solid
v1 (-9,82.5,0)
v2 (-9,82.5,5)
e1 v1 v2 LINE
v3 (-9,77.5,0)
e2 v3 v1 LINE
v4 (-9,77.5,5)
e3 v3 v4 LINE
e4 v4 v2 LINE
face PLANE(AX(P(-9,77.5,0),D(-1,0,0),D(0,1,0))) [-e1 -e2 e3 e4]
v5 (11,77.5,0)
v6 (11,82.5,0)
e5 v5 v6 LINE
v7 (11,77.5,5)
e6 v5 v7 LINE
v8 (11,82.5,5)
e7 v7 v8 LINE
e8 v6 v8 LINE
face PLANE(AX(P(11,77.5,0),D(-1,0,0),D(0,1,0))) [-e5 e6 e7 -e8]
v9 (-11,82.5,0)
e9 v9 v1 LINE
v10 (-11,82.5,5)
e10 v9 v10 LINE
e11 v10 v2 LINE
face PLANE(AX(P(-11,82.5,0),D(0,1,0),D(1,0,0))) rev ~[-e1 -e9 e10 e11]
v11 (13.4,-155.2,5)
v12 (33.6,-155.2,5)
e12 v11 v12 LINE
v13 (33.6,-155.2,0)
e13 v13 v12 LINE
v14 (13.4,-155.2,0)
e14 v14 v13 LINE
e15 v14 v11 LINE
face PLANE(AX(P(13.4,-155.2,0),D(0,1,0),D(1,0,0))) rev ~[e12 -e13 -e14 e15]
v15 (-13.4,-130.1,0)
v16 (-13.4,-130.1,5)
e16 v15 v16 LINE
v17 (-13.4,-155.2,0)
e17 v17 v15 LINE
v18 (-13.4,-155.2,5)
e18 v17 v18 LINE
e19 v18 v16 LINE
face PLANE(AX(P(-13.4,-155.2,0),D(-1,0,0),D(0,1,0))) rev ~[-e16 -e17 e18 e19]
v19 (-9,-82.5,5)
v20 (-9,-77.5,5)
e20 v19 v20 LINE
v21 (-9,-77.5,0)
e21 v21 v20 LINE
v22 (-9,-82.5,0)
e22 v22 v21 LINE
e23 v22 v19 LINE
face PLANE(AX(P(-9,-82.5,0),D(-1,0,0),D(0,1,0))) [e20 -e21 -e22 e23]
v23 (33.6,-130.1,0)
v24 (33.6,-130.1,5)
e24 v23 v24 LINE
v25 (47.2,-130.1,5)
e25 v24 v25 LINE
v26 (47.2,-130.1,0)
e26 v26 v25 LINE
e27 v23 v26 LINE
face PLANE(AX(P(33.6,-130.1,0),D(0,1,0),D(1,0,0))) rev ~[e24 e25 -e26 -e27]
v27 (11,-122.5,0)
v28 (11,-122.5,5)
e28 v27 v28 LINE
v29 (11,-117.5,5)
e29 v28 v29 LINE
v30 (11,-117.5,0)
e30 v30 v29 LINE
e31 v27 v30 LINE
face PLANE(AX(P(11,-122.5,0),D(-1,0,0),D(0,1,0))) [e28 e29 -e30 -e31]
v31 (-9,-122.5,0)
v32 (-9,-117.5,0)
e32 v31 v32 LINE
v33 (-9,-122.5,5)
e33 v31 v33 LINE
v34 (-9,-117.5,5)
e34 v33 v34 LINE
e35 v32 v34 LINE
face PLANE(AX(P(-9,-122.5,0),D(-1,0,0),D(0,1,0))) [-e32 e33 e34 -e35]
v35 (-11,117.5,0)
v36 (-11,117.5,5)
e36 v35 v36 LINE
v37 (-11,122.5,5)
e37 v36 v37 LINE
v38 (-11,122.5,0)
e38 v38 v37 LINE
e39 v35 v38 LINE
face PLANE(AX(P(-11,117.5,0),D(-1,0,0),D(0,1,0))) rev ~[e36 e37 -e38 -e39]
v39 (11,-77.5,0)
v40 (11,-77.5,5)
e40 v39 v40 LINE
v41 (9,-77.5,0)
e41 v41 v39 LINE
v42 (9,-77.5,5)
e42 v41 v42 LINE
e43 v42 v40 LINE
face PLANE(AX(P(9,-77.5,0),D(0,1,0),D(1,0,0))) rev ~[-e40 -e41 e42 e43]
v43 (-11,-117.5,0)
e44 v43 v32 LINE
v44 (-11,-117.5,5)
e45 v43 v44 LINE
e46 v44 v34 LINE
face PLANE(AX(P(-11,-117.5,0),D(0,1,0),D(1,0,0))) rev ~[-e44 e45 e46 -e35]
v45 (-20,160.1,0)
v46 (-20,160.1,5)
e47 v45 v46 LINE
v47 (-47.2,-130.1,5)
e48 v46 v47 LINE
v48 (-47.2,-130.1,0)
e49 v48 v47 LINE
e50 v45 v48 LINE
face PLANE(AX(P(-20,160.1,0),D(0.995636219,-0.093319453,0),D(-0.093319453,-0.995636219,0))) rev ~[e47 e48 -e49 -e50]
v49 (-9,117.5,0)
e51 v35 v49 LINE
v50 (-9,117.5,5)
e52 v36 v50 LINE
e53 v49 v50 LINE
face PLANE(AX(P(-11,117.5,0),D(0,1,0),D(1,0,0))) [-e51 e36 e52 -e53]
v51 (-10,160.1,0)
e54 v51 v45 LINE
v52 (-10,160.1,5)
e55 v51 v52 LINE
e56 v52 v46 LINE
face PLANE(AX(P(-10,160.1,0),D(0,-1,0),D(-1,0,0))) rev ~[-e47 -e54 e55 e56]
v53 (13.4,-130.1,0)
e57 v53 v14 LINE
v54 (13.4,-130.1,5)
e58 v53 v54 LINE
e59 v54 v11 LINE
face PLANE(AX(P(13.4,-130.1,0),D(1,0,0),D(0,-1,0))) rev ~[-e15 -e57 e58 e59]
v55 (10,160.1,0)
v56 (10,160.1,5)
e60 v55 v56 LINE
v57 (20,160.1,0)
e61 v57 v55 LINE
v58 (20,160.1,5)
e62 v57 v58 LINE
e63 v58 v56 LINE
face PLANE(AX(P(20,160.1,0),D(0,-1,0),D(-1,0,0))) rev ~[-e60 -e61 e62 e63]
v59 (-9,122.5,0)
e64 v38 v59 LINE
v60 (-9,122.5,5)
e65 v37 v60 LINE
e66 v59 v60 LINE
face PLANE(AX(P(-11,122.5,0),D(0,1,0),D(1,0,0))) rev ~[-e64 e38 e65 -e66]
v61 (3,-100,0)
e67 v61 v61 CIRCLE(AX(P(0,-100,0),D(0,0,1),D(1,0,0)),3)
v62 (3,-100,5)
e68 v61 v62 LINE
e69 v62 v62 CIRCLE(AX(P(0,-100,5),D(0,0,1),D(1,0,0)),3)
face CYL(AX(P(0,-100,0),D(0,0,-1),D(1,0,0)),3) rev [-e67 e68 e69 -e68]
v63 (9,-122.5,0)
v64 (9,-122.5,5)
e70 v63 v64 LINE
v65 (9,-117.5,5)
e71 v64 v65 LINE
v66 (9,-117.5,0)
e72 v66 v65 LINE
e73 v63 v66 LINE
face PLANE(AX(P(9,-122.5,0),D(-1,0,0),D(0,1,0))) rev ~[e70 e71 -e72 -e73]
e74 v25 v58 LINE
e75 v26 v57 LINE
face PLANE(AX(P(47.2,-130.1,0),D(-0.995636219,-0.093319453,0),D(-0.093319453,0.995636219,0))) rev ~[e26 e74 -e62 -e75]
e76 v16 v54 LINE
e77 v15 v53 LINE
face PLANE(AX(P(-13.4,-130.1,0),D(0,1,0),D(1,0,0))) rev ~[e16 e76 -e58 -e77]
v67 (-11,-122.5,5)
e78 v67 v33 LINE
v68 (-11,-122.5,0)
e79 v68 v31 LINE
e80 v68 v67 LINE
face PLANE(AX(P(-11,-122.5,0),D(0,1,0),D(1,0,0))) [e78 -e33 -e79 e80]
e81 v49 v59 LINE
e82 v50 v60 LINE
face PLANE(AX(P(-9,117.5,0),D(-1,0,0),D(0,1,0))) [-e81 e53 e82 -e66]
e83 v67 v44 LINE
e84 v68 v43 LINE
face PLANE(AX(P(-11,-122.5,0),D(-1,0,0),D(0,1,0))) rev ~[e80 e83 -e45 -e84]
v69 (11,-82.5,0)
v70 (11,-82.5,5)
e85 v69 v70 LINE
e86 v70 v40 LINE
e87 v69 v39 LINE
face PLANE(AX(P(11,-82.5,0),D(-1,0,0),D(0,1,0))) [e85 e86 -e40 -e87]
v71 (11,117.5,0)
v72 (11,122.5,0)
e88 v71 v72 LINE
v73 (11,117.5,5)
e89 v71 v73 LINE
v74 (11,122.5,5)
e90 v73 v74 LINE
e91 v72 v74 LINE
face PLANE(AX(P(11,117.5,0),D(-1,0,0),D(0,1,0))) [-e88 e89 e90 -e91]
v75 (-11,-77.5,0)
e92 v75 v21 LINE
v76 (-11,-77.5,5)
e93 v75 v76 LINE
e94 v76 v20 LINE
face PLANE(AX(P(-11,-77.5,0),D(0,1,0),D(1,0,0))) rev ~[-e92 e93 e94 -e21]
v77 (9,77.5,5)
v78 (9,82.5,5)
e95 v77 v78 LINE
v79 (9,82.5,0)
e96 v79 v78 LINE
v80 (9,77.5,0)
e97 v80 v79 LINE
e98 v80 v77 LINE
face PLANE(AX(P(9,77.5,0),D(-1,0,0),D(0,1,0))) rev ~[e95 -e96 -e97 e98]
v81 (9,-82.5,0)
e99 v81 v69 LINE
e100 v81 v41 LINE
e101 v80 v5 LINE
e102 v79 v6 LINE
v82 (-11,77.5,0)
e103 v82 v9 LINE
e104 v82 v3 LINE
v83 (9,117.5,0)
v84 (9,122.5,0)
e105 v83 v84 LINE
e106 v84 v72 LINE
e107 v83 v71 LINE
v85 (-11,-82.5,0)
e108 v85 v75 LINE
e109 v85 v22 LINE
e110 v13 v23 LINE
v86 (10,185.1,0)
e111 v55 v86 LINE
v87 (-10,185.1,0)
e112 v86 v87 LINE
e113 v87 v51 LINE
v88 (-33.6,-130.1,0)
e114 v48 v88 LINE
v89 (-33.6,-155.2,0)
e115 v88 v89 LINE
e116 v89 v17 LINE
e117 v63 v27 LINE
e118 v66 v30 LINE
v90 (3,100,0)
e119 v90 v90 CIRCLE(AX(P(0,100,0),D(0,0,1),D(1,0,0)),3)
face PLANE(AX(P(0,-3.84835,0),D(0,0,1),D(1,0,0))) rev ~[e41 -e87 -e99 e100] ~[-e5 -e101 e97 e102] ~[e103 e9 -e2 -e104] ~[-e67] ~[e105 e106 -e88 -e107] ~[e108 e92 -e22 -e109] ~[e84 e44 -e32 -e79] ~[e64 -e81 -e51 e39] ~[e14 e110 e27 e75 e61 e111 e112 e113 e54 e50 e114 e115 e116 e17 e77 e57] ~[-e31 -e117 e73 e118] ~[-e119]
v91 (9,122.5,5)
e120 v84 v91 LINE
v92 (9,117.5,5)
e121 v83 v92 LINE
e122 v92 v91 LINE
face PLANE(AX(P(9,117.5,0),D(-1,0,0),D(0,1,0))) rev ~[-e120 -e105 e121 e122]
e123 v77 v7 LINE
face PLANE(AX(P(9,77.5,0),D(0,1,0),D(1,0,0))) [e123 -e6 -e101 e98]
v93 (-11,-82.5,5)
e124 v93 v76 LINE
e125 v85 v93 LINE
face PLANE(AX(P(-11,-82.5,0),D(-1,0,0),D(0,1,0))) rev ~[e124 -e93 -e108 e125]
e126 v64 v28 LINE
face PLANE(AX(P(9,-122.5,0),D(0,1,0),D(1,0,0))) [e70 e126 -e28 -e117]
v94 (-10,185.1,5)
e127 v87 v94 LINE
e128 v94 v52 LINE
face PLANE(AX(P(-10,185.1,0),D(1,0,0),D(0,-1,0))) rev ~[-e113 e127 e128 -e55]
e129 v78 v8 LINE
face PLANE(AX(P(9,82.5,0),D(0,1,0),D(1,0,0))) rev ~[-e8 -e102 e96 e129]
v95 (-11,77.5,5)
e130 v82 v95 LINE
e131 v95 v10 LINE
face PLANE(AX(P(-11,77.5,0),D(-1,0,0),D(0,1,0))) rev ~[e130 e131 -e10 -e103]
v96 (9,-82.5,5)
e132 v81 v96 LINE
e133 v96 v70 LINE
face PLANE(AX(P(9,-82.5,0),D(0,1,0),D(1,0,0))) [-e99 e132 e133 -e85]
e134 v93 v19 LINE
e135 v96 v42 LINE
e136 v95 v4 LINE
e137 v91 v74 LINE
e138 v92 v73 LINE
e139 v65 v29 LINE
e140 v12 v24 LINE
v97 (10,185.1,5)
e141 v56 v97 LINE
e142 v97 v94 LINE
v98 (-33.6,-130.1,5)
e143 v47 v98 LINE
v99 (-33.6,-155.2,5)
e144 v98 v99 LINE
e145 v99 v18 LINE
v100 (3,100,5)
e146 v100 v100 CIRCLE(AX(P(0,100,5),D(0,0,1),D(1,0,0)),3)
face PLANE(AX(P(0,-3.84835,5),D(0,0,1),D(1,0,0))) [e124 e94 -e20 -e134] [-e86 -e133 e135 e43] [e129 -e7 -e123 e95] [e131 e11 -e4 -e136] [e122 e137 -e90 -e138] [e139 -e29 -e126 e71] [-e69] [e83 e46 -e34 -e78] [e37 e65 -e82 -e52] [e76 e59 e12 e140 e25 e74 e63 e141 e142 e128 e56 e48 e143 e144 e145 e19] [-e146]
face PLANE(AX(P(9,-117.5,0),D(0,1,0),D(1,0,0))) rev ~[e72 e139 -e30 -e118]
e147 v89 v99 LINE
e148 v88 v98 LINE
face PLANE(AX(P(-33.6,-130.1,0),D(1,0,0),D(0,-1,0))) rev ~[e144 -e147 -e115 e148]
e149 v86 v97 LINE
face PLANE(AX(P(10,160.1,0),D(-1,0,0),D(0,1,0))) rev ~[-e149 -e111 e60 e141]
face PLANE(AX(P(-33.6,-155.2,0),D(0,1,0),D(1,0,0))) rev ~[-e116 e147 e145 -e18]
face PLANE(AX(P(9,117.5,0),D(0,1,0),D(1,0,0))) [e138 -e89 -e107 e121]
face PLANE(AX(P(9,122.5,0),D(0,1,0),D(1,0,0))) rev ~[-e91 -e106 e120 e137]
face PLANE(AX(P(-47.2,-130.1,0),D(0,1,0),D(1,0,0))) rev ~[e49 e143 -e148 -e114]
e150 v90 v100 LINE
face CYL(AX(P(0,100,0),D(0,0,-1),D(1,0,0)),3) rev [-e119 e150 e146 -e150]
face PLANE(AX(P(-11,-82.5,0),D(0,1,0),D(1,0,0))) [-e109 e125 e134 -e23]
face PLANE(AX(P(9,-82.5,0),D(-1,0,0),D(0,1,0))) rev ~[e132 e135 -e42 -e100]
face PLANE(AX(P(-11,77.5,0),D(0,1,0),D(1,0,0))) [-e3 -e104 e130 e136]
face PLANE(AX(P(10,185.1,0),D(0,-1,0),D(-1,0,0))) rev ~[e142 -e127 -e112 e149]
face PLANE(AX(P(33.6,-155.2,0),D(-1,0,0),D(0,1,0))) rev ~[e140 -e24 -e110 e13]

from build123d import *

# Parameters (mm, degrees)
SKETCH010_R  = 3
SKETCH010_W  = 2
SKETCH010_H  = 5
PAD010_DEPTH = 5


with BuildPart() as part:
    # Sketch010 → Pad010 (new body)
    with BuildSketch(Plane.XY):
        Polygon((-10, 160.1), (-20, 160.1), (-47.2, -130.1), (-33.6, -130.1), (-33.6, -155.2), (-13.4, -155.2), (-13.4, -130.1), (13.4, -130.1), (13.4, -155.2), (33.6, -155.2), (33.6, -130.1), (47.2, -130.1), (20, 160.1), (10, 160.1), (10, 185.1), (-10, 185.1), align=None)
        with Locations((0, -100)):
            Circle(SKETCH010_R, mode=Mode.SUBTRACT)
        with Locations((0, 100)):
            Circle(SKETCH010_R, mode=Mode.SUBTRACT)
        with Locations((-10, -80)):
            Rectangle(SKETCH010_W, SKETCH010_H, mode=Mode.SUBTRACT)
        with Locations((10, -80)):
            Rectangle(SKETCH010_W, SKETCH010_H, mode=Mode.SUBTRACT)
        with Locations((-10, -120)):
            Rectangle(SKETCH010_W, SKETCH010_H, mode=Mode.SUBTRACT)
        with Locations((10, -120)):
            Rectangle(SKETCH010_W, SKETCH010_H, mode=Mode.SUBTRACT)
        with Locations((-10, 120)):
            Rectangle(SKETCH010_W, SKETCH010_H, mode=Mode.SUBTRACT)
        with Locations((10, 120)):
            Rectangle(SKETCH010_W, SKETCH010_H, mode=Mode.SUBTRACT)
        with Locations((-10, 80)):
            Rectangle(SKETCH010_W, SKETCH010_H, mode=Mode.SUBTRACT)
        with Locations((10, 80)):
            Rectangle(SKETCH010_W, SKETCH010_H, mode=Mode.SUBTRACT)
    extrude(amount=PAD010_DEPTH)


solid = part.part
